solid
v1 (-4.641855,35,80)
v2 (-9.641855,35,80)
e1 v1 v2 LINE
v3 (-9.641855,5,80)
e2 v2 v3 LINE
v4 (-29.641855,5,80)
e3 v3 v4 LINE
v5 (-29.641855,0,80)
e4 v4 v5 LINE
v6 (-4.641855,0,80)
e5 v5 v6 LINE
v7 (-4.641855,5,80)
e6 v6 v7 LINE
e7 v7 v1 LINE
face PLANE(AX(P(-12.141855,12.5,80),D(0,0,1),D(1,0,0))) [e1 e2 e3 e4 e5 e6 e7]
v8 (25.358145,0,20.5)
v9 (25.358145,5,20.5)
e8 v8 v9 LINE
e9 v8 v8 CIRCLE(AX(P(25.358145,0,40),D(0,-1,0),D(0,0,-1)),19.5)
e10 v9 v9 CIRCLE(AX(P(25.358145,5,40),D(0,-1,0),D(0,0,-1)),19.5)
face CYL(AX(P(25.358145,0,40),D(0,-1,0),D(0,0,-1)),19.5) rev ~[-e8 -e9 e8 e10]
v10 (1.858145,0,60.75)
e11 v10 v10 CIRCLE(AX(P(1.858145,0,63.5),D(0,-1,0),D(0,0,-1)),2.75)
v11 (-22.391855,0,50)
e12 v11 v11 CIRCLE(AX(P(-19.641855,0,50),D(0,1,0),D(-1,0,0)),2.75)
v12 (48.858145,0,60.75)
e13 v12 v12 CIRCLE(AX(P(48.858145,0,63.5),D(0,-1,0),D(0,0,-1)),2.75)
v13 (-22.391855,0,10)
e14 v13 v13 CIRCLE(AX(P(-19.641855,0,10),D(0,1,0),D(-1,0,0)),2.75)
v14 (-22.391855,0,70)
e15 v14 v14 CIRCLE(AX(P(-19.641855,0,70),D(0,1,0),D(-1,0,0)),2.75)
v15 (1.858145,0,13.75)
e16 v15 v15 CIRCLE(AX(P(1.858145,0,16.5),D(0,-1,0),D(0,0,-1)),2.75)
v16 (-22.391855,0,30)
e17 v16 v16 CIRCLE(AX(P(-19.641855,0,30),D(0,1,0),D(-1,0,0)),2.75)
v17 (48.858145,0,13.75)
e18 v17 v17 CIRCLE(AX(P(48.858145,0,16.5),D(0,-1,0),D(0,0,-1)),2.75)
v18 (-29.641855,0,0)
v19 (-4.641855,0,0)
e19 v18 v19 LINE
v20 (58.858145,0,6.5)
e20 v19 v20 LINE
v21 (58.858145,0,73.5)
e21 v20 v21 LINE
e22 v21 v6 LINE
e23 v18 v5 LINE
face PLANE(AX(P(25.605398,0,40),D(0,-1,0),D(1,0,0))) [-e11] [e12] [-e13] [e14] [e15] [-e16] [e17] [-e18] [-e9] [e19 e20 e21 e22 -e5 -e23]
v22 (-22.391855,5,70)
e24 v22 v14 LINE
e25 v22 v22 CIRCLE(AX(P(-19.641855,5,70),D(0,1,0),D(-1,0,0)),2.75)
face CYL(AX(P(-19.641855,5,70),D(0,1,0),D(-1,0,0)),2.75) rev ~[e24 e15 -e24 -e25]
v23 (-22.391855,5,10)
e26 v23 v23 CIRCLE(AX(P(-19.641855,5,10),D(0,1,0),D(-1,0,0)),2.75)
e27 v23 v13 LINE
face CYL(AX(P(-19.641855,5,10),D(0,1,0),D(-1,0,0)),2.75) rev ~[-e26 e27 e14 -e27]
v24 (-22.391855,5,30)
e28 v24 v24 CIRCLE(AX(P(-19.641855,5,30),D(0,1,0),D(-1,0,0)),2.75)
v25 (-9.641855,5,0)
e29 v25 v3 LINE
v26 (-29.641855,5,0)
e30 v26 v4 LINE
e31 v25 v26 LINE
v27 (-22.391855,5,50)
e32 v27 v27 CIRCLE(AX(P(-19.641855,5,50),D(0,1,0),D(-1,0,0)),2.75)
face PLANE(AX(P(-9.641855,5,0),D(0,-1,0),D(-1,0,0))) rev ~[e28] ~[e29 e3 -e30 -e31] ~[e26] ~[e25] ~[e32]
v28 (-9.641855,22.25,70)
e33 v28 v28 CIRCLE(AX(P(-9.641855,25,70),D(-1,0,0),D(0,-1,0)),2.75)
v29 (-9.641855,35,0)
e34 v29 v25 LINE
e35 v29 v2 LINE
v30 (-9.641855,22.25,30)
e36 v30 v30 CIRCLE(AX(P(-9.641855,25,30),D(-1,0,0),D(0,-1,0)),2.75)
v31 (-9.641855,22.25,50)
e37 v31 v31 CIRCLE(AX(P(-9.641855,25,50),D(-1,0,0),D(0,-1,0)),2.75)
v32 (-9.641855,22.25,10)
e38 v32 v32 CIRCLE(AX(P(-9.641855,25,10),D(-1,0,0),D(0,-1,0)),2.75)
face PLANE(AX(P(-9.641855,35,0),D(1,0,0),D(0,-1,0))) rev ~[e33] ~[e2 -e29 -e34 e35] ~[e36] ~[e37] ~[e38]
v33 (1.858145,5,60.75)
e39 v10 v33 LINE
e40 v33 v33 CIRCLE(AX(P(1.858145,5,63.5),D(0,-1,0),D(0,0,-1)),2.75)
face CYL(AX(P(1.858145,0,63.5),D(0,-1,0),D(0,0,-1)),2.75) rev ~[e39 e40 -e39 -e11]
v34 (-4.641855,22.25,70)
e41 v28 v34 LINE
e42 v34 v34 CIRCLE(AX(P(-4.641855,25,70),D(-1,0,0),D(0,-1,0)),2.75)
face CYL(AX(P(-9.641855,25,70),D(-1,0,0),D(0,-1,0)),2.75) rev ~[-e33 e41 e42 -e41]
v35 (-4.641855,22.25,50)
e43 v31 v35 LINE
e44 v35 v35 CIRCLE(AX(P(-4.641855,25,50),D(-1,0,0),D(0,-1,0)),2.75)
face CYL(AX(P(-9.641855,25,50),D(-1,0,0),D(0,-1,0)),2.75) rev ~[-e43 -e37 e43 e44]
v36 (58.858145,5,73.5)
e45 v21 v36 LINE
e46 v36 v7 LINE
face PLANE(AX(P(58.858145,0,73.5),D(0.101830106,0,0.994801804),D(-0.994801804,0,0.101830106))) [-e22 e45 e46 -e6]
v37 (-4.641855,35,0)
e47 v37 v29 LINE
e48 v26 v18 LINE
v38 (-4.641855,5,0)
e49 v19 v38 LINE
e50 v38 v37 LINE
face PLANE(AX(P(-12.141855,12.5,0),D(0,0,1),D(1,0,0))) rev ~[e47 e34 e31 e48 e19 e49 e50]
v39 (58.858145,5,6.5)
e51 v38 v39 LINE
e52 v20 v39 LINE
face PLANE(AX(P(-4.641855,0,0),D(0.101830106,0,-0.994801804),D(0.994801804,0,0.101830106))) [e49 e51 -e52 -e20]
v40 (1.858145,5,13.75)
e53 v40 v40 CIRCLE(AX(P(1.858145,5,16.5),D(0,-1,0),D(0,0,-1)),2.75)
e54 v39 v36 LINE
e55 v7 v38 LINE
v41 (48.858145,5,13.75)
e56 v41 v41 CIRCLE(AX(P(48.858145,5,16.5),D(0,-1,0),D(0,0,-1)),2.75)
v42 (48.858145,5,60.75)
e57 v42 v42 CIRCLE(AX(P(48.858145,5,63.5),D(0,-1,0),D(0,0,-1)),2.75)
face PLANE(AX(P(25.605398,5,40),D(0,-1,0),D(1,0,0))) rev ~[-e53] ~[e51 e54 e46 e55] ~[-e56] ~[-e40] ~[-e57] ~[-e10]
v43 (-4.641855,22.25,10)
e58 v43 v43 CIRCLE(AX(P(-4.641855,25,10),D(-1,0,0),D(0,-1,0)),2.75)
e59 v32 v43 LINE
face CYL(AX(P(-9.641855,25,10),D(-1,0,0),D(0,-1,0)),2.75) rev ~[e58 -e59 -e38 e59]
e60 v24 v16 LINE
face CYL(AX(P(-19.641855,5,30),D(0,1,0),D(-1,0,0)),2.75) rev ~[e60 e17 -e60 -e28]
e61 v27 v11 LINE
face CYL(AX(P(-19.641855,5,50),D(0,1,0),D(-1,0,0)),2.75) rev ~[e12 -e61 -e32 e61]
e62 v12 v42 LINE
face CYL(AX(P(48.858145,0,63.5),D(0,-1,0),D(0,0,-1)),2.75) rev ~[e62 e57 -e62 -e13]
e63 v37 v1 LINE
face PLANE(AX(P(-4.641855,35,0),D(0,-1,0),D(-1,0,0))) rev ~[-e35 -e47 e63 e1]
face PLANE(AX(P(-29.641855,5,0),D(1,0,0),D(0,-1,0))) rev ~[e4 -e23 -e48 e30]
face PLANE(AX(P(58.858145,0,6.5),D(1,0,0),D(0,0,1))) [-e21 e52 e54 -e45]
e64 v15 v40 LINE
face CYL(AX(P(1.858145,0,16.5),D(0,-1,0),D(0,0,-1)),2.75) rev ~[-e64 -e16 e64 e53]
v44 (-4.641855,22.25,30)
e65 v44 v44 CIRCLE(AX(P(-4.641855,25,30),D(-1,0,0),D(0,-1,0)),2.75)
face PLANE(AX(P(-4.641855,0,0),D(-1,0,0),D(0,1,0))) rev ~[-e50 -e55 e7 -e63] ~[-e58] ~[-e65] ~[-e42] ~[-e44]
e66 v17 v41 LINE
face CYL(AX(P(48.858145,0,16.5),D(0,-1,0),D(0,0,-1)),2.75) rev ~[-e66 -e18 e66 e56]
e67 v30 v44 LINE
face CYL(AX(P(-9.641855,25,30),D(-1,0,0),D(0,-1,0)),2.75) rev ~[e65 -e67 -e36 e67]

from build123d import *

# Parameters (mm, degrees)
BOSS_EXTRU_1_DEPTH      = 80
ENL_V_MAT_EXTRU_1_REACH = 91.582
ESQUISSE2_R             = 2.75
ENL_V_MAT_EXTRU_2_REACH = 92.436
ESQUISSE3_R             = 2.75
ESQUISSE5_R             = 2.75
ESQUISSE5_R_2           = 19.5
BOSS_EXTRU_2_DEPTH      = 5


with BuildPart() as part:
    # Esquisse1 → Boss.-Extru.1 (new body)
    with BuildSketch(Plane.XY):
        Polygon((-4.641855204, 0), (-4.641855204, 35), (-9.641855204, 35), (-9.641855204, 5), (-29.641855204, 5), (-29.641855204, 0), align=None)
    extrude(amount=BOSS_EXTRU_1_DEPTH)

    # Esquisse2 → Enlèv. mat.-Extru.1 (cut, up to next)
    with BuildSketch(Plane.ZY.offset(9.641855204), mode=Mode.PRIVATE) as enl_v_mat_extru_1_sk1:
        with Locations(Location((10, 25, 0), (0, 0, 270))):
            Circle(ESQUISSE2_R)
    enl_v_mat_extru_1_tool1 = extrude(enl_v_mat_extru_1_sk1.sketch, amount=-ENL_V_MAT_EXTRU_1_REACH, mode=Mode.PRIVATE) & part.part
    # Esquisse2 → Enlèv. mat.-Extru.1 (cut, up to next)
    with BuildSketch(Plane.ZY.offset(9.641855204), mode=Mode.PRIVATE) as enl_v_mat_extru_1_sk2:
        with Locations(Location((50, 25, 0), (0, 0, 270))):
            Circle(ESQUISSE2_R)
    enl_v_mat_extru_1_tool2 = extrude(enl_v_mat_extru_1_sk2.sketch, amount=-ENL_V_MAT_EXTRU_1_REACH, mode=Mode.PRIVATE) & part.part
    # Esquisse2 → Enlèv. mat.-Extru.1 (cut, up to next)
    with BuildSketch(Plane.ZY.offset(9.641855204), mode=Mode.PRIVATE) as enl_v_mat_extru_1_sk3:
        with Locations(Location((70, 25, 0), (0, 0, 270))):
            Circle(ESQUISSE2_R)
    enl_v_mat_extru_1_tool3 = extrude(enl_v_mat_extru_1_sk3.sketch, amount=-ENL_V_MAT_EXTRU_1_REACH, mode=Mode.PRIVATE) & part.part
    # Esquisse2 → Enlèv. mat.-Extru.1 (cut, up to next)
    with BuildSketch(Plane.ZY.offset(9.641855204), mode=Mode.PRIVATE) as enl_v_mat_extru_1_sk4:
        with Locations(Location((30, 25, 0), (0, 0, 270))):
            Circle(ESQUISSE2_R)
    enl_v_mat_extru_1_tool4 = extrude(enl_v_mat_extru_1_sk4.sketch, amount=-ENL_V_MAT_EXTRU_1_REACH, mode=Mode.PRIVATE) & part.part
    add(enl_v_mat_extru_1_tool1.solids().sort_by_distance((-9.641855, 25, 10))[0], mode=Mode.SUBTRACT)
    add(enl_v_mat_extru_1_tool2.solids().sort_by_distance((-9.641855, 25, 50))[0], mode=Mode.SUBTRACT)
    add(enl_v_mat_extru_1_tool3.solids().sort_by_distance((-9.641855, 25, 70))[0], mode=Mode.SUBTRACT)
    add(enl_v_mat_extru_1_tool4.solids().sort_by_distance((-9.641855, 25, 30))[0], mode=Mode.SUBTRACT)

    # Esquisse3 → Enlèv. mat.-Extru.2 (cut, up to next)
    with BuildSketch(Plane(origin=(0, 5, 0), x_dir=(1, 0, 0), z_dir=(0, 1, 0)), mode=Mode.PRIVATE) as enl_v_mat_extru_2_sk1:
        with Locations(Location((-19.641855204, -10, 0), (0, 0, 180))):
            Circle(ESQUISSE3_R)
    enl_v_mat_extru_2_tool1 = extrude(enl_v_mat_extru_2_sk1.sketch, amount=-ENL_V_MAT_EXTRU_2_REACH, mode=Mode.PRIVATE) & part.part
    # Esquisse3 → Enlèv. mat.-Extru.2 (cut, up to next)
    with BuildSketch(Plane(origin=(0, 5, 0), x_dir=(1, 0, 0), z_dir=(0, 1, 0)), mode=Mode.PRIVATE) as enl_v_mat_extru_2_sk2:
        with Locations(Location((-19.641855204, -30, 0), (0, 0, 180))):
            Circle(ESQUISSE3_R)
    enl_v_mat_extru_2_tool2 = extrude(enl_v_mat_extru_2_sk2.sketch, amount=-ENL_V_MAT_EXTRU_2_REACH, mode=Mode.PRIVATE) & part.part
    # Esquisse3 → Enlèv. mat.-Extru.2 (cut, up to next)
    with BuildSketch(Plane(origin=(0, 5, 0), x_dir=(1, 0, 0), z_dir=(0, 1, 0)), mode=Mode.PRIVATE) as enl_v_mat_extru_2_sk3:
        with Locations(Location((-19.641855204, -50, 0), (0, 0, 180))):
            Circle(ESQUISSE3_R)
    enl_v_mat_extru_2_tool3 = extrude(enl_v_mat_extru_2_sk3.sketch, amount=-ENL_V_MAT_EXTRU_2_REACH, mode=Mode.PRIVATE) & part.part
    # Esquisse3 → Enlèv. mat.-Extru.2 (cut, up to next)
    with BuildSketch(Plane(origin=(0, 5, 0), x_dir=(1, 0, 0), z_dir=(0, 1, 0)), mode=Mode.PRIVATE) as enl_v_mat_extru_2_sk4:
        with Locations(Location((-19.641855204, -70, 0), (0, 0, 180))):
            Circle(ESQUISSE3_R)
    enl_v_mat_extru_2_tool4 = extrude(enl_v_mat_extru_2_sk4.sketch, amount=-ENL_V_MAT_EXTRU_2_REACH, mode=Mode.PRIVATE) & part.part
    add(enl_v_mat_extru_2_tool1.solids().sort_by_distance((-19.641855, 5, 10))[0], mode=Mode.SUBTRACT)
    add(enl_v_mat_extru_2_tool2.solids().sort_by_distance((-19.641855, 5, 30))[0], mode=Mode.SUBTRACT)
    add(enl_v_mat_extru_2_tool3.solids().sort_by_distance((-19.641855, 5, 50))[0], mode=Mode.SUBTRACT)
    add(enl_v_mat_extru_2_tool4.solids().sort_by_distance((-19.641855, 5, 70))[0], mode=Mode.SUBTRACT)

    # Esquisse5 → Boss.-Extru.2 (add)
    with BuildSketch(Plane.XZ):
        Polygon((-4.641855204, 0), (58.858144796, 6.5), (58.858144796, 73.5), (-4.641855204, 80), align=None)
        with Locations(Location((1.858144796, 16.5, 0), (0, 0, 270))):
            Circle(ESQUISSE5_R, mode=Mode.SUBTRACT)
        with Locations(Location((1.858144796, 63.5, 0), (0, 0, 270))):
            Circle(ESQUISSE5_R, mode=Mode.SUBTRACT)
        with Locations(Location((48.858144796, 63.5, 0), (0, 0, 270))):
            Circle(ESQUISSE5_R, mode=Mode.SUBTRACT)
        with Locations(Location((48.858144796, 16.5, 0), (0, 0, 270))):
            Circle(ESQUISSE5_R, mode=Mode.SUBTRACT)
        with Locations(Location((25.358144796, 40, 0), (0, 0, 270))):
            Circle(ESQUISSE5_R_2, mode=Mode.SUBTRACT)
    extrude(amount=-BOSS_EXTRU_2_DEPTH)


solid = part.part
